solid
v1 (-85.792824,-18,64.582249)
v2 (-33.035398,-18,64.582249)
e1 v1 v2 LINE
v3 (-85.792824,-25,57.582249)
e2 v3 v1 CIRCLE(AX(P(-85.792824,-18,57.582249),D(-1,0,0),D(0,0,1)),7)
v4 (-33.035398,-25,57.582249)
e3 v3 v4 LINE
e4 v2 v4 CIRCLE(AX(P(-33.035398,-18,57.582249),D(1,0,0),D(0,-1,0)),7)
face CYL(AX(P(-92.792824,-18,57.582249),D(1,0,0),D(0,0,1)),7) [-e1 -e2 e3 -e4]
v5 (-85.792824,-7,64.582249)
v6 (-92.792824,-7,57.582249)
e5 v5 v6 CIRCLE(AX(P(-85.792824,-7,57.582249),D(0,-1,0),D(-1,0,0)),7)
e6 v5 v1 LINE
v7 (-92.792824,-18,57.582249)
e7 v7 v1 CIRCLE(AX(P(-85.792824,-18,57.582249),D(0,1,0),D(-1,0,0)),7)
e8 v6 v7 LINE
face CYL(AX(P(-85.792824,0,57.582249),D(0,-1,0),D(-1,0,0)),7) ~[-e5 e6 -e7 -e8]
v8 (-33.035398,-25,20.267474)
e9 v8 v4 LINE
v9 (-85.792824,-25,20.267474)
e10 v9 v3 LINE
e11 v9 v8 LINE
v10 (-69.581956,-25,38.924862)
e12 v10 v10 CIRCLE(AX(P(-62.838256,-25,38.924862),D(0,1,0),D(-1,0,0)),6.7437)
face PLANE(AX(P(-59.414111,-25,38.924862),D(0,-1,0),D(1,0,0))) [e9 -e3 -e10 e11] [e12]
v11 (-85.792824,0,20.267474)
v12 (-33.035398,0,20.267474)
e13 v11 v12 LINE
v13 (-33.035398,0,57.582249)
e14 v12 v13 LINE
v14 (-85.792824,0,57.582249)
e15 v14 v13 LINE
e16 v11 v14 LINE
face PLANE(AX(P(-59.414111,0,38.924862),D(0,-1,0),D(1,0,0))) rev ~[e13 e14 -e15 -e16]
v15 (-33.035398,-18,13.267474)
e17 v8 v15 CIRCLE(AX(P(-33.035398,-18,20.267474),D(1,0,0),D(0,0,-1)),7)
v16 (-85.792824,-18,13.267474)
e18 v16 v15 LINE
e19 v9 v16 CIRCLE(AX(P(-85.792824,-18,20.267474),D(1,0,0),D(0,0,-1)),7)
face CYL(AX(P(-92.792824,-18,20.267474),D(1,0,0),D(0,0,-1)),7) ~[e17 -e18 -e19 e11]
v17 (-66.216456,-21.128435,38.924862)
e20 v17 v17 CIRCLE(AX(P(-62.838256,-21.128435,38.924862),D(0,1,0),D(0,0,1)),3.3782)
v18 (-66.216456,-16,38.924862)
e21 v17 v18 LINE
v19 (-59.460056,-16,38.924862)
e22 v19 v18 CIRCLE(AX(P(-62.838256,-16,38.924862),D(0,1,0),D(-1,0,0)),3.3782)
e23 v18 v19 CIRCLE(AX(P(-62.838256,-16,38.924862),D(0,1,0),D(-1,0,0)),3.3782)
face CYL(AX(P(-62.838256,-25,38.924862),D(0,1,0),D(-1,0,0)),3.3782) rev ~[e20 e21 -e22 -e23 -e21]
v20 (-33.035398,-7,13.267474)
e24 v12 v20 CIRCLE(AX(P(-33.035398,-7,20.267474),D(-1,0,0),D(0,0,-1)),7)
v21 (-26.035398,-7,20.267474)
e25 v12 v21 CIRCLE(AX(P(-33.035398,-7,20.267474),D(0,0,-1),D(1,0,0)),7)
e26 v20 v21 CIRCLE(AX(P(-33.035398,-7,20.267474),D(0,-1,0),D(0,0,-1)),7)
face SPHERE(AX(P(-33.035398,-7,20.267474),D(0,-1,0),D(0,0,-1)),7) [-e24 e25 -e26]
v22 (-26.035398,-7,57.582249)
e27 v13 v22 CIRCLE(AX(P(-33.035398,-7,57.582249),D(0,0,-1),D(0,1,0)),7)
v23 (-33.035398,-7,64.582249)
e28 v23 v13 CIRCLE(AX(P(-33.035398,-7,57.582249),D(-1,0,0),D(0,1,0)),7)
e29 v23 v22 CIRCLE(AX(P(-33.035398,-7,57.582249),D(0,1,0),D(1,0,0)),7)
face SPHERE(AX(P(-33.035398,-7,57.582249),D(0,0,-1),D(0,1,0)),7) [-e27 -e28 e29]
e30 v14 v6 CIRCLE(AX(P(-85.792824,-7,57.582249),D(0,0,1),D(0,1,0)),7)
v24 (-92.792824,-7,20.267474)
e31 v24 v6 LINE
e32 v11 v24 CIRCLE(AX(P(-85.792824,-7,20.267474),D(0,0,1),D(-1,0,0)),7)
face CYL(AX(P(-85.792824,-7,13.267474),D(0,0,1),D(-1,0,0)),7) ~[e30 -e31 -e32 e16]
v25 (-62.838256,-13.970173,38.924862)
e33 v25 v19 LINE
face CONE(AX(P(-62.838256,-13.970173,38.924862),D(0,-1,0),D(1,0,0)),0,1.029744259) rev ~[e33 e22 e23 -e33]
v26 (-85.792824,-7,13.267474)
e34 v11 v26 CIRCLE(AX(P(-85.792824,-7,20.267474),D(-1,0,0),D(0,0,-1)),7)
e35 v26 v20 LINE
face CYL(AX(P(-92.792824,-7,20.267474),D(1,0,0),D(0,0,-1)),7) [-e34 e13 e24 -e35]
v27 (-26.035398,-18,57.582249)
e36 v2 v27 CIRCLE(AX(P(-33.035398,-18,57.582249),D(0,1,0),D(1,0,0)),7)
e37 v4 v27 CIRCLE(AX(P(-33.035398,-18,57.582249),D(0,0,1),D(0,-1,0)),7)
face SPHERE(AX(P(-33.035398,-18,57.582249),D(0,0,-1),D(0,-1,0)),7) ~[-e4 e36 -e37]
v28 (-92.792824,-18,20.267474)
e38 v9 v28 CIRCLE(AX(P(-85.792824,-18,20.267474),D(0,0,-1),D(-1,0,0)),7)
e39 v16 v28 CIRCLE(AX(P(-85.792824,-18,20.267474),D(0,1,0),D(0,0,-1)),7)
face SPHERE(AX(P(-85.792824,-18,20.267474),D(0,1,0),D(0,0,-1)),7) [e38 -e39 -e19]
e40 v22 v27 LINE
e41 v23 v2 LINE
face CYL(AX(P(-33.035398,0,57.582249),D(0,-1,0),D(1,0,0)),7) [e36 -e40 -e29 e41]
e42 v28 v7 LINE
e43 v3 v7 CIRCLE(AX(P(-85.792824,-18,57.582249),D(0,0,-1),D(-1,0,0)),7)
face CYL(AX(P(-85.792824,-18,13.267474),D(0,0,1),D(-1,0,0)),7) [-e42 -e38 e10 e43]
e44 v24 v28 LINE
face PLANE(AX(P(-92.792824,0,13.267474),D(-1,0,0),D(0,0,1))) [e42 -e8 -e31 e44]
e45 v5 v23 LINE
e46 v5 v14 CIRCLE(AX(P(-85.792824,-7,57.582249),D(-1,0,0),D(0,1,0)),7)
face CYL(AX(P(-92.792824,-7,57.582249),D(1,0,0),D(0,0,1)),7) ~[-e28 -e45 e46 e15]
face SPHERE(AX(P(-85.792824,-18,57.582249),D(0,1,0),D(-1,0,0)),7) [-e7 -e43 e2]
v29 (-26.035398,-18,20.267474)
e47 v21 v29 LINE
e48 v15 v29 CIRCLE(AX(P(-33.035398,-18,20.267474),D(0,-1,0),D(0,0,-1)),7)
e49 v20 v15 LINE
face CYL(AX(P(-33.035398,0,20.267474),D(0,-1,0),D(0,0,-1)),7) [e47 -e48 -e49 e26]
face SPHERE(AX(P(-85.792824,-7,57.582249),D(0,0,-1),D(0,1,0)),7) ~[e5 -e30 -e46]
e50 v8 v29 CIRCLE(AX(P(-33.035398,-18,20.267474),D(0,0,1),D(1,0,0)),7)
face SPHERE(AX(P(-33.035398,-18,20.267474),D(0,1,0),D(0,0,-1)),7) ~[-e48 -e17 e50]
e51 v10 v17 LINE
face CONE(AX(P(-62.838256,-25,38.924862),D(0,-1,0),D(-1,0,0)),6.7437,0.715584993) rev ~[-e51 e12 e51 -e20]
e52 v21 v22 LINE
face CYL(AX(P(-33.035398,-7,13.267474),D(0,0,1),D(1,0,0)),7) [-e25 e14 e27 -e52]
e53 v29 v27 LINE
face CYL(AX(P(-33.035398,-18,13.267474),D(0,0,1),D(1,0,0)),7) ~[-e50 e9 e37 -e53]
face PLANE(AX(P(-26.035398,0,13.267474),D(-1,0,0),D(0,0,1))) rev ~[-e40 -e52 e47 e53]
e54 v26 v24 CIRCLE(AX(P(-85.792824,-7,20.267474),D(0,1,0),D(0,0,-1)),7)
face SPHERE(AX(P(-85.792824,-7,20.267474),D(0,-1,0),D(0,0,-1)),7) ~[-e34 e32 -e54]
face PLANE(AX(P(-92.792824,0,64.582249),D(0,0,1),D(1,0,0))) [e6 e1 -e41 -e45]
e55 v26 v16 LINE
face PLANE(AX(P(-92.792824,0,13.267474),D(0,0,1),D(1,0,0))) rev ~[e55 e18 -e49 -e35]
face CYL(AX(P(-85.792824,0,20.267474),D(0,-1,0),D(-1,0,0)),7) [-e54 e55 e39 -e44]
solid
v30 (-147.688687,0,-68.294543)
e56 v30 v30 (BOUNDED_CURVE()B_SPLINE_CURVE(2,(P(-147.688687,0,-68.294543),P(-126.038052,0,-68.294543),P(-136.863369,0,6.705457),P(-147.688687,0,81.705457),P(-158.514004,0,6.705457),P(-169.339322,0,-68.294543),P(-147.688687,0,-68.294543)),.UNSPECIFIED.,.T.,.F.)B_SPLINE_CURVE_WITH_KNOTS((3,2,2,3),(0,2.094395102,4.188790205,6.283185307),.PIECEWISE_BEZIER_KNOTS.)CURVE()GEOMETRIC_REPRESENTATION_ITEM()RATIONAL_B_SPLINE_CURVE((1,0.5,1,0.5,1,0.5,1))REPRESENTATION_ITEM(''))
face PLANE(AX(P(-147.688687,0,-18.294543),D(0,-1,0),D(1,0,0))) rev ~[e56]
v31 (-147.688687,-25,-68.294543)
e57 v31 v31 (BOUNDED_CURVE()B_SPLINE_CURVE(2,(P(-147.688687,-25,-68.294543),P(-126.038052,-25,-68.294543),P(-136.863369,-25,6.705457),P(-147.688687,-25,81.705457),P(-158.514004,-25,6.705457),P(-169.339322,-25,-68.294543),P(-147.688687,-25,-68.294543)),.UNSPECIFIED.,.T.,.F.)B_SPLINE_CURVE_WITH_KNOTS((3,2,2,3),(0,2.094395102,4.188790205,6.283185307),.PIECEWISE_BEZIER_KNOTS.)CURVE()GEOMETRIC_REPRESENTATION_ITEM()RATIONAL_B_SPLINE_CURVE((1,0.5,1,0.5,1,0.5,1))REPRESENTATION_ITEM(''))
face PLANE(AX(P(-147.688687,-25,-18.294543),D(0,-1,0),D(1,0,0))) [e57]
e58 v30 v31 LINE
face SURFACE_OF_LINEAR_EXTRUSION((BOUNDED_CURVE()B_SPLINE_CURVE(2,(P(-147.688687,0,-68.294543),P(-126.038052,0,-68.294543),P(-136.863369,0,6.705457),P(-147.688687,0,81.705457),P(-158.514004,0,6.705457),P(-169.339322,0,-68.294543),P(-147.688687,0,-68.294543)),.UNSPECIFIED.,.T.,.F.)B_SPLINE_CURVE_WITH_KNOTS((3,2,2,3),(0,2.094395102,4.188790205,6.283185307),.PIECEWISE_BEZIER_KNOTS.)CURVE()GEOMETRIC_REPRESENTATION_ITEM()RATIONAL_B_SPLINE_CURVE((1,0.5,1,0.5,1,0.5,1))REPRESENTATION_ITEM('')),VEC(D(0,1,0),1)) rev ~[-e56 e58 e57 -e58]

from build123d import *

# Parameters (mm, degrees)
F0_W           = 66.7574256659
F0_H           = 51.3147749007
F1_DEPTH       = 25
F2_R           = 7
F4_DEPTH       = 25
F6_D           = 6.7564
F6_DEPTH       = 9
F6_CSINK_D     = 13.4874
F6_CSINK_ANGLE = 82
F6_TIP         = 2.0298273432


with BuildPart() as f1:
    # F0 (on Front) → F1 (new body)
    with BuildSketch(Plane.XZ):
        with Locations((-59.4141110778, 38.9248616993)):
            Rectangle(F0_W, F0_H)
    extrude(amount=F1_DEPTH)

    # F2
    f2_edges = [f1.edges().sort_by_distance(p)[0] for p in [
        (-92.792824, -12.5, 13.267474),
        (-26.035398, -12.5, 13.267474),
        (-59.414111, 0, 13.267474),
        (-59.414111, -25, 13.267474),
        (-92.792824, 0, 38.924862),
        (-26.035398, 0, 38.924862),
        (-59.414111, 0, 64.582249),
        (-92.792824, -12.5, 64.582249),
        (-92.792824, -25, 38.924862),
        (-26.035398, -25, 38.924862),
        (-59.414111, -25, 64.582249),
        (-26.035398, -12.5, 64.582249),
    ]]
    fillet(f2_edges, radius=F2_R)

    # F6
    with Locations(Plane.XZ.offset(25)):
        with Locations((-62.8382563591, 38.9248616993)):
            CounterSinkHole(F6_D / 2, F6_CSINK_D / 2, depth=F6_DEPTH, counter_sink_angle=F6_CSINK_ANGLE)
            with Locations((0, 0, -(F6_DEPTH + F6_TIP / 2))):  # 118° drill point
                Cone(0, F6_D / 2, F6_TIP, mode=Mode.SUBTRACT)


with BuildPart() as f4:
    # F3 (on Front) → F4 (new body)
    with BuildSketch(Plane.XZ):
        with BuildLine():
            add(Edge.make_bspline(
                [(-147.6886868477, -68.2945430279), (-126.0380517531, -68.2945430279), (-136.8633693004, 6.7054569721), (-147.6886868477, 81.7054569721), (-158.514004395, 6.7054569721), (-169.3393219423, -68.2945430279), (-147.6886868477, -68.2945430279)],
                knots=[0, 0, 0, 2.0943951024, 2.0943951024, 4.1887902048, 4.1887902048, 6.2831853072, 6.2831853072, 6.2831853072], degree=2, weights=[1, 0.5, 1, 0.5, 1, 0.5, 1]))
        make_face()
    extrude(amount=F4_DEPTH)


solid = Compound([f1.part, f4.part])
